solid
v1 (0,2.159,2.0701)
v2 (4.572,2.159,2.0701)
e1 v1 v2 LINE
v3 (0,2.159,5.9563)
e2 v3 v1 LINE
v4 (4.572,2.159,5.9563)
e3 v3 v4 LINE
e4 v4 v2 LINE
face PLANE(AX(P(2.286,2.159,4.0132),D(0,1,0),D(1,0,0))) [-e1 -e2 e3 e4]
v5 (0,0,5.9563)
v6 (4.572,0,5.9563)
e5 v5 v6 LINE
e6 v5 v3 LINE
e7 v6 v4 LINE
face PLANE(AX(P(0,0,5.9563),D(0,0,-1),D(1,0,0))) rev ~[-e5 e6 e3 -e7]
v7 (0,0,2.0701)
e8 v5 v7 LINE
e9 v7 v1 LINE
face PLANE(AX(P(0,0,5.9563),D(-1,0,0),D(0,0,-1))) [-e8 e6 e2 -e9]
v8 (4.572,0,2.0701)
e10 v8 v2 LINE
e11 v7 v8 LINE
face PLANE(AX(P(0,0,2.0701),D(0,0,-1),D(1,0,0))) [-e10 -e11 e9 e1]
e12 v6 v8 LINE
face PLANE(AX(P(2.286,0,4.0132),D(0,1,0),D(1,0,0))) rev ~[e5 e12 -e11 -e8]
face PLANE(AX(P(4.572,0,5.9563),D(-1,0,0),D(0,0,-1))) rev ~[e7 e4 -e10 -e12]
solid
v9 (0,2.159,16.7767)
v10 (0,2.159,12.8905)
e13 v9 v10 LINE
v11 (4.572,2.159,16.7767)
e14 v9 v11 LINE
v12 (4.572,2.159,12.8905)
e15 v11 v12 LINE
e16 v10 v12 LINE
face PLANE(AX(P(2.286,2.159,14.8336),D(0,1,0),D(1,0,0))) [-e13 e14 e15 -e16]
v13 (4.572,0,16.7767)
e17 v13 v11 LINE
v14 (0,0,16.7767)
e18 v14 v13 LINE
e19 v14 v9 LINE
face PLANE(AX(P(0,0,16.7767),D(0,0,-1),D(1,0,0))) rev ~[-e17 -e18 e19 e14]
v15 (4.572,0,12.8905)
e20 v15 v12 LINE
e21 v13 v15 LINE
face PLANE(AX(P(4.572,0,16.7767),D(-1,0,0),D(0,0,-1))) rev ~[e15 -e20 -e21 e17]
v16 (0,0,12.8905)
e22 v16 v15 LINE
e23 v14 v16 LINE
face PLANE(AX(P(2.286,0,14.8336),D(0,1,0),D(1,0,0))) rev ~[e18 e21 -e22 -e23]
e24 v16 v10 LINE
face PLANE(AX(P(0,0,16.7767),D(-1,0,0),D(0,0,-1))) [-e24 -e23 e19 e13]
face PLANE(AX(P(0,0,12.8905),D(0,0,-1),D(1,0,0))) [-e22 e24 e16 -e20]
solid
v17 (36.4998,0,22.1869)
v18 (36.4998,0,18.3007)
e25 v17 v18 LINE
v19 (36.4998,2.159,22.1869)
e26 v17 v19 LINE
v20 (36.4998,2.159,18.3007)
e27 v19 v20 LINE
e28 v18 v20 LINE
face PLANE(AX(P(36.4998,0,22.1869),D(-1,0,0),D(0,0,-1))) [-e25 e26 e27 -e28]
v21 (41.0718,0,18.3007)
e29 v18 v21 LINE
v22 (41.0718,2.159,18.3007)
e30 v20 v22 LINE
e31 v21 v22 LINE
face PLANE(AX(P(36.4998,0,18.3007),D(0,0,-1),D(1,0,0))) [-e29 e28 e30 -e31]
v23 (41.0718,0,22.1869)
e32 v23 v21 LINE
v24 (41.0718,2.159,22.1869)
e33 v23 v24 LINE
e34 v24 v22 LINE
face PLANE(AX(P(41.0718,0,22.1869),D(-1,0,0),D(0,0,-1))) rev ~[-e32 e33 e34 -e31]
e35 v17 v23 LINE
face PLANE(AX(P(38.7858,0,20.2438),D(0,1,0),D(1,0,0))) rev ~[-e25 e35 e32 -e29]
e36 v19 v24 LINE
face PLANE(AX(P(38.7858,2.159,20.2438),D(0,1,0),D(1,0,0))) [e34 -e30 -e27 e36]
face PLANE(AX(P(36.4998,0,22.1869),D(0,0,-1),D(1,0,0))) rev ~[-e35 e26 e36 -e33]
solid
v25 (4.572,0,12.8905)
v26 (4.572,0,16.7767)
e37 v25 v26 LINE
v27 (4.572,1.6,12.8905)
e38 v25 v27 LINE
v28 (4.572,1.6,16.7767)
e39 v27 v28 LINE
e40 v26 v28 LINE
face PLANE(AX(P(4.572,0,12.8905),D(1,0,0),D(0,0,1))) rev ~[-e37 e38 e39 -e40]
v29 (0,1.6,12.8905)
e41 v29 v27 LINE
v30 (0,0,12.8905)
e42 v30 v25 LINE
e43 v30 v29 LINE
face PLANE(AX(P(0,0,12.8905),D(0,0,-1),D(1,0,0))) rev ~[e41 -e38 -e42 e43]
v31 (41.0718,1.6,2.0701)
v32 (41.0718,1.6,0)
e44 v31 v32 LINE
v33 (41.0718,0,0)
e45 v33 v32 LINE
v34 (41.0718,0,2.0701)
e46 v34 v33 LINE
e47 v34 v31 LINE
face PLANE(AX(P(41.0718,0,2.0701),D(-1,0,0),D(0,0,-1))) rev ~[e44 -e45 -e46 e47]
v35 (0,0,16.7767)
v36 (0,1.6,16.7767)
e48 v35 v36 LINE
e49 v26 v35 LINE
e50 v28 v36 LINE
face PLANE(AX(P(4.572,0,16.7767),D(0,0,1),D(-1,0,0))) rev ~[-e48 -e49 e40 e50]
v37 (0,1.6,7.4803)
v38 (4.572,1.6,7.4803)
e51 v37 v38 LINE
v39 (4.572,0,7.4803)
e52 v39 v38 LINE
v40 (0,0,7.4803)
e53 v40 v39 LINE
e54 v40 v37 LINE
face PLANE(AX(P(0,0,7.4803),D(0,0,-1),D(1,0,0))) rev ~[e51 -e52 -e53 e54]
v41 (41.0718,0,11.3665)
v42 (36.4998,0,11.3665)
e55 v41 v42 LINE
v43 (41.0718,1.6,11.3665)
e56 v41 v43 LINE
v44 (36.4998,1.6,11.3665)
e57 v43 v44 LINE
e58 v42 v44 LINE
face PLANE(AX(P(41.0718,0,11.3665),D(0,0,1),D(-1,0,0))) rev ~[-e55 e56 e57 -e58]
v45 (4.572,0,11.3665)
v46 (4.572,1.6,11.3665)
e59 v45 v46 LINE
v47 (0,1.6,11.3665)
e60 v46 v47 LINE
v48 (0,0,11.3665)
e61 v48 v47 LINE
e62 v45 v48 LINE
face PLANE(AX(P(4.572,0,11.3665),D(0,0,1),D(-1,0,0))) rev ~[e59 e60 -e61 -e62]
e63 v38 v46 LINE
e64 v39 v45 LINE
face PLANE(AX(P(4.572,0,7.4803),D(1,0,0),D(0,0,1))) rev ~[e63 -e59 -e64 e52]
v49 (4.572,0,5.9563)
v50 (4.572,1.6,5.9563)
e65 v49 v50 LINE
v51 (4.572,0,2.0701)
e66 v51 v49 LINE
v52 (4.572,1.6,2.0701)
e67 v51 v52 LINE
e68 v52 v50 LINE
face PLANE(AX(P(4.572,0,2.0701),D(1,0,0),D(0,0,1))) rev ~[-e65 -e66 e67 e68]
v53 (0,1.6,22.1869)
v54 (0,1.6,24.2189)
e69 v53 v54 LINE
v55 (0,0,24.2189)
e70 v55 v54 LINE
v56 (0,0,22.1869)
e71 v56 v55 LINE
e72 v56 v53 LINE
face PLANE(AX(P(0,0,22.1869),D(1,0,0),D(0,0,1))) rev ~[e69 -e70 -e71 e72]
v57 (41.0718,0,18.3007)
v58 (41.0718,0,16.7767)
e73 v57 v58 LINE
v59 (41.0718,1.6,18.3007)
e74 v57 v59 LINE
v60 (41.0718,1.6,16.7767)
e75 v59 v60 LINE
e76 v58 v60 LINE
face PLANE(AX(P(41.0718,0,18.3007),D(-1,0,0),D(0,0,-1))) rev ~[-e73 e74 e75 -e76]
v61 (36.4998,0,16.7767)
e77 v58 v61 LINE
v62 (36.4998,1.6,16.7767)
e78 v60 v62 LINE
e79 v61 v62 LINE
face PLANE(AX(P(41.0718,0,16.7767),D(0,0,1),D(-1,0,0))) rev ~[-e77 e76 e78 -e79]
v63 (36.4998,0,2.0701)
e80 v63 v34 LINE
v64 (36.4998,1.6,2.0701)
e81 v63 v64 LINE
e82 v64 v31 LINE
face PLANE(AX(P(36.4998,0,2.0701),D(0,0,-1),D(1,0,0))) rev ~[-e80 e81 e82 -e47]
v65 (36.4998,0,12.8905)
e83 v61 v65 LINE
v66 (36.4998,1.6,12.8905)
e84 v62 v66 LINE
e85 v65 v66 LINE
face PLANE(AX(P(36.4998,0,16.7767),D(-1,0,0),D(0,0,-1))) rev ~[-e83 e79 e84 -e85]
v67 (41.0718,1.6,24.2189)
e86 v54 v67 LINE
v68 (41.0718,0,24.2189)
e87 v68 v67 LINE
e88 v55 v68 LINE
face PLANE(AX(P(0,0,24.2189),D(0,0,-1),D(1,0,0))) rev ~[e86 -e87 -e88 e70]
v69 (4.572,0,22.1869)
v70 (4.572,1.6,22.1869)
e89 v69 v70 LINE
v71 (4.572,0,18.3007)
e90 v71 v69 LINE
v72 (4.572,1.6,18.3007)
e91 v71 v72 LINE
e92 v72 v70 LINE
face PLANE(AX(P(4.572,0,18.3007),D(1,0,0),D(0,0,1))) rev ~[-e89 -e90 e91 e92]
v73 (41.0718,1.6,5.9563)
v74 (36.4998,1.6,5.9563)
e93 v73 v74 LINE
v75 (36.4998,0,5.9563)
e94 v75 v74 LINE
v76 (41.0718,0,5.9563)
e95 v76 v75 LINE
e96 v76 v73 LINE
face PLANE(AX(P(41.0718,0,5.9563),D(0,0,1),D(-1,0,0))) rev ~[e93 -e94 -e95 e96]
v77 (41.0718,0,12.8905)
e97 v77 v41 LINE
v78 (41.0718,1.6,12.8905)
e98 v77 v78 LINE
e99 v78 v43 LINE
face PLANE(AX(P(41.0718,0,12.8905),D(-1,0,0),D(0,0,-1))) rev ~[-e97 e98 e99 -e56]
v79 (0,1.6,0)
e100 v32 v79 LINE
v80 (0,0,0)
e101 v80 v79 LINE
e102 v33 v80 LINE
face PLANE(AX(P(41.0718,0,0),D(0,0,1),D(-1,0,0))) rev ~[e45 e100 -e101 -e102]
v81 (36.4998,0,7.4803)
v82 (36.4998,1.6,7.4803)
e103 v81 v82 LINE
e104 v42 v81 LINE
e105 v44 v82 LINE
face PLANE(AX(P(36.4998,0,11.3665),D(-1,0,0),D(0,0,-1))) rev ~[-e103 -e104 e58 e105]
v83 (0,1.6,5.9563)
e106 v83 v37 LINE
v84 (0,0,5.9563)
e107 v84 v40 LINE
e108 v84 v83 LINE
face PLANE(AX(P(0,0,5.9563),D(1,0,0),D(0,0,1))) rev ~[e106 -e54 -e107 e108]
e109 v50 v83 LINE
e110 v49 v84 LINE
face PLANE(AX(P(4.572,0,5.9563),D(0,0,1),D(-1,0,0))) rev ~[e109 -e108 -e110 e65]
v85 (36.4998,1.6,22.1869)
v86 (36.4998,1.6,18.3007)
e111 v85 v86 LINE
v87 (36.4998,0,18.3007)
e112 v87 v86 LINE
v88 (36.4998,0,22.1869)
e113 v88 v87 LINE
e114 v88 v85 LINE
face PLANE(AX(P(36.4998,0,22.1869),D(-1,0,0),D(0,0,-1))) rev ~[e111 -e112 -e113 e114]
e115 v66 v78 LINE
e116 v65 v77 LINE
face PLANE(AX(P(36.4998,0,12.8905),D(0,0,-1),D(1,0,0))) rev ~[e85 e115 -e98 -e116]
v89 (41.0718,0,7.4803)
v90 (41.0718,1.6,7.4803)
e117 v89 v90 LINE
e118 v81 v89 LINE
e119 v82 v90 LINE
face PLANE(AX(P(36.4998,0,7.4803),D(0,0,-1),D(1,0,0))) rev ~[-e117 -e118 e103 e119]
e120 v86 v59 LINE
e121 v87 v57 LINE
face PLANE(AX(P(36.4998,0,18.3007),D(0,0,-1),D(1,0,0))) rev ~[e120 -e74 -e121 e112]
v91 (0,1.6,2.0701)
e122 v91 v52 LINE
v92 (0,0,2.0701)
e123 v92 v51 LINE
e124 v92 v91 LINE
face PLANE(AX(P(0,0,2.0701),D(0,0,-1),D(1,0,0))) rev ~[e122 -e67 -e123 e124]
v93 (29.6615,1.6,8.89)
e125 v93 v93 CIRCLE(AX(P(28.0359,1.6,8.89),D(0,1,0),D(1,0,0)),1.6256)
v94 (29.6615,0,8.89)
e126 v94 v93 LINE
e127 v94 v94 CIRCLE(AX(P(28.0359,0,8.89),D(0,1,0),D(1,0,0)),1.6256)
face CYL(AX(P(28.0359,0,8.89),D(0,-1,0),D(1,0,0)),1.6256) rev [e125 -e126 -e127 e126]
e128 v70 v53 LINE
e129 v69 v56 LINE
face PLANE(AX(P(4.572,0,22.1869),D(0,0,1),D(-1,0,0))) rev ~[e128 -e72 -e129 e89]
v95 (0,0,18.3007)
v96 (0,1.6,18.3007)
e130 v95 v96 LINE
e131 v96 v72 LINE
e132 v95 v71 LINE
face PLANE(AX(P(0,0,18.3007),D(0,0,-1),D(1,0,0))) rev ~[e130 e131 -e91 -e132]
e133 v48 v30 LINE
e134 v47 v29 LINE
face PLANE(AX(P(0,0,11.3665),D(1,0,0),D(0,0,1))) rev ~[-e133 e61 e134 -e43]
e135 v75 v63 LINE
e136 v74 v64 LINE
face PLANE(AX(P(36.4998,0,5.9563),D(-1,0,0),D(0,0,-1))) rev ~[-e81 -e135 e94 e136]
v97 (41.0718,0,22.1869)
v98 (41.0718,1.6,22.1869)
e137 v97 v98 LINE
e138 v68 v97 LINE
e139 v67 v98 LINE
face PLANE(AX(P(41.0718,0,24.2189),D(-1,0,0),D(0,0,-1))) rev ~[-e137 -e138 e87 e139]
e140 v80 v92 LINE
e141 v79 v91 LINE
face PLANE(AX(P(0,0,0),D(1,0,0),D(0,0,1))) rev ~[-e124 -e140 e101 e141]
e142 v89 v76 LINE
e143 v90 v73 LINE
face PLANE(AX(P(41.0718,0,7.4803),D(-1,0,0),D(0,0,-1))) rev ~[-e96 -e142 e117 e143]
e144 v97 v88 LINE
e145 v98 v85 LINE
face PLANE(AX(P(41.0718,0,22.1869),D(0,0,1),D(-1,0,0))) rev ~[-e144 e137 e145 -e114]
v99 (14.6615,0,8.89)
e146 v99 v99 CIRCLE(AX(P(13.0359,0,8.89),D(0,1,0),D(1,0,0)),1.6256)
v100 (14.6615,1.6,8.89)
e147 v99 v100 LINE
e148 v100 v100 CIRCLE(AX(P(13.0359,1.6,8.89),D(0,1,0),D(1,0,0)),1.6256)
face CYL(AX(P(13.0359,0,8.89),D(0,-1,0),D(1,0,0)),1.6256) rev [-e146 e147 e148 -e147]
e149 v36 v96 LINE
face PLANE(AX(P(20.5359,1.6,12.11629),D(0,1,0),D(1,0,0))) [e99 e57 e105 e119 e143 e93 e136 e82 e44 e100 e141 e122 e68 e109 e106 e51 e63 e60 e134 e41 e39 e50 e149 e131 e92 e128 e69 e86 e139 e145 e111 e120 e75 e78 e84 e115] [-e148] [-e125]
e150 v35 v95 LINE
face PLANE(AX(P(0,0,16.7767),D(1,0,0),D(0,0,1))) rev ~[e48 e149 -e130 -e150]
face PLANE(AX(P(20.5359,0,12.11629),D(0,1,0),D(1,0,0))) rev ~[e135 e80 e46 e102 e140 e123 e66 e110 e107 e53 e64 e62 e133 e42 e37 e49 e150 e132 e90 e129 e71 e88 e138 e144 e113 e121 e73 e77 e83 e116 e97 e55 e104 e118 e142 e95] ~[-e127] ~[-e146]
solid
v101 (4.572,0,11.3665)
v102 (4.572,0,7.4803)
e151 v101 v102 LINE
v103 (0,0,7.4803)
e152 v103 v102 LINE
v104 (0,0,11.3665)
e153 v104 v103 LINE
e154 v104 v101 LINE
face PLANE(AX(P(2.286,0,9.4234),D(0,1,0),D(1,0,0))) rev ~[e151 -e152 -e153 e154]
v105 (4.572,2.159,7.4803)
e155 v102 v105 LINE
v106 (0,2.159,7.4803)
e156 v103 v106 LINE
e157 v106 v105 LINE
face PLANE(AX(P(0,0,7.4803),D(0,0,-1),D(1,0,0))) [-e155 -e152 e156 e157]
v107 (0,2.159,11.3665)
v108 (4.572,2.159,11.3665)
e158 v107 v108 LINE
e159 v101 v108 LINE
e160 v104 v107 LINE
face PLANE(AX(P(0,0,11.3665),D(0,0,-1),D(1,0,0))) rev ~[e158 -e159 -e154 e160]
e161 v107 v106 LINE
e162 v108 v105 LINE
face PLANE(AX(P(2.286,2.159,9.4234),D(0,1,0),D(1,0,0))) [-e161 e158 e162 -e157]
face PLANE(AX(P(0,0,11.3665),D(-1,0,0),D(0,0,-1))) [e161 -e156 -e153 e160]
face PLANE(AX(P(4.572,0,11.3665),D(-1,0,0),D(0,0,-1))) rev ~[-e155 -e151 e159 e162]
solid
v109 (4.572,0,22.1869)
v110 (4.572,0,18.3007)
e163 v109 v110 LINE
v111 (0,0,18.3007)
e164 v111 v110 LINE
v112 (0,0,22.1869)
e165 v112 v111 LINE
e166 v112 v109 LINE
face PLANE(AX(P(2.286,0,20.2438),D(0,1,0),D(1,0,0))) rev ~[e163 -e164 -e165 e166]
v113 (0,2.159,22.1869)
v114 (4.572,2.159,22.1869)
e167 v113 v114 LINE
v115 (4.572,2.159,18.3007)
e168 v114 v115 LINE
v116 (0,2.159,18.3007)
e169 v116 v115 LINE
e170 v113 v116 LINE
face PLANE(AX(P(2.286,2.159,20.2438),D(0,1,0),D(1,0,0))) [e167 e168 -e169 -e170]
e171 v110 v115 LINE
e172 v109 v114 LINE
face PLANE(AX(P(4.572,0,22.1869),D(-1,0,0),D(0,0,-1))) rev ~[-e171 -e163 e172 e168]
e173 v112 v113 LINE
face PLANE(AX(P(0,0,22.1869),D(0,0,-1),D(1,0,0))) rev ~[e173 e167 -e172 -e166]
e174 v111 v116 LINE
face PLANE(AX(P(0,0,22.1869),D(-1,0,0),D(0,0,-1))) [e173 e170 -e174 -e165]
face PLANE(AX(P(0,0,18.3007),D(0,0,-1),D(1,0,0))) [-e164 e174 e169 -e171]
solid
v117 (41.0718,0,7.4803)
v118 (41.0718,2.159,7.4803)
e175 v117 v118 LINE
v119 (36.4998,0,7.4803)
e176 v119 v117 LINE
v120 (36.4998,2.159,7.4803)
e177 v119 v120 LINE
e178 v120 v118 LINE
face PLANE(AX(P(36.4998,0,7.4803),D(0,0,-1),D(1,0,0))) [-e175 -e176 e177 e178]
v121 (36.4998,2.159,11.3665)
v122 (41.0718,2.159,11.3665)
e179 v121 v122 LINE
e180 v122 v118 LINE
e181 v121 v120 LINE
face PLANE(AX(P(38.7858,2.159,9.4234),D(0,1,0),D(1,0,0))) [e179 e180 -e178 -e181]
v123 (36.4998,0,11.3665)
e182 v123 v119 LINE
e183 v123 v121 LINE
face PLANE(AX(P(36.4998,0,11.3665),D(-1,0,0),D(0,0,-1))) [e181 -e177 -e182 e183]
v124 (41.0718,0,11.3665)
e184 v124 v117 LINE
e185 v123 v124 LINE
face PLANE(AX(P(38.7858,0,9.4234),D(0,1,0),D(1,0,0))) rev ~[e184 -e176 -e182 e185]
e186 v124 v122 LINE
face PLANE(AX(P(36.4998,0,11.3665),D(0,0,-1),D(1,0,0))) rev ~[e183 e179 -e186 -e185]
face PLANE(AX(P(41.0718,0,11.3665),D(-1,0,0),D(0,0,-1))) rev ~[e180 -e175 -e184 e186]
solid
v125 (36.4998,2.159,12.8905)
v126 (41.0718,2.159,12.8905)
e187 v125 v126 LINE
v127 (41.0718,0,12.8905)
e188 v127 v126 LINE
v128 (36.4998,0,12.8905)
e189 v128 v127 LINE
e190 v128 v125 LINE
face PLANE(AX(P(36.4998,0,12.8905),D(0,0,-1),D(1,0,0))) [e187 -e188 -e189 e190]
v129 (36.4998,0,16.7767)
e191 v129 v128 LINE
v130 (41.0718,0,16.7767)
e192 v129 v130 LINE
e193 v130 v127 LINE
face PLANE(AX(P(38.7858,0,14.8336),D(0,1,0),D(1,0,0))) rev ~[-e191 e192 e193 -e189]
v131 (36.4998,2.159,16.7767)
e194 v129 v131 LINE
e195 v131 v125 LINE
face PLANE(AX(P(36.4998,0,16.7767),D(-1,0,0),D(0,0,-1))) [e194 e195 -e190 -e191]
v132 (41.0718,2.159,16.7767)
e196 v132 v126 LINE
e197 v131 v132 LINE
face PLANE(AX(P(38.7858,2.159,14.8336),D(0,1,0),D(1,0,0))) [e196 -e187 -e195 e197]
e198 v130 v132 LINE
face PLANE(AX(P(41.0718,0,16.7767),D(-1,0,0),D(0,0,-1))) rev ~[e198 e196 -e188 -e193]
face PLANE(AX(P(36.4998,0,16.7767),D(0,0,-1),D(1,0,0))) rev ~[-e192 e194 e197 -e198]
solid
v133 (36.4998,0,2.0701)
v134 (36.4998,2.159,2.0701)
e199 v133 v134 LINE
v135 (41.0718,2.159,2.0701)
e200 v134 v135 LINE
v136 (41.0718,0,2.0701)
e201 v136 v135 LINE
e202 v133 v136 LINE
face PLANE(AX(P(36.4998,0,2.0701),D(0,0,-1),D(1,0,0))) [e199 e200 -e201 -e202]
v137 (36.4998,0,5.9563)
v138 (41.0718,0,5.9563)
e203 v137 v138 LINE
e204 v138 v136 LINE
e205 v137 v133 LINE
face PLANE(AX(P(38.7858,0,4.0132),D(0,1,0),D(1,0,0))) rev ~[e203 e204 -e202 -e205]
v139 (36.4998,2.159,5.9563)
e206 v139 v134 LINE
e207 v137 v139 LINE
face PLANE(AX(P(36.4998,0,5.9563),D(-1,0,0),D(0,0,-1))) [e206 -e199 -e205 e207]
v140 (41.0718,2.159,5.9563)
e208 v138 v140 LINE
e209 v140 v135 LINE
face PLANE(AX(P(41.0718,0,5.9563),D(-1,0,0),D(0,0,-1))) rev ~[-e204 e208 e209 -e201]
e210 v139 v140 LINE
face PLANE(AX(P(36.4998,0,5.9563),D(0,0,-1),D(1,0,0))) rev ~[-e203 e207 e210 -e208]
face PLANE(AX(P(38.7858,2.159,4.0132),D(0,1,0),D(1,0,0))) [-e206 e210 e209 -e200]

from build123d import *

# Parameters (mm, degrees)
SKETCH1_R             = 1.6256
BOSS_EXTRUDE1_DEPTH   = 1.6
SKETCH1_3_W           = 4.572
SKETCH1_3_H           = 3.8862
BOSS_EXTRUDE2_DEPTH   = 2.159
BOSS_EXTRUDE2_2_DEPTH = 2.159
BOSS_EXTRUDE2_3_DEPTH = 2.159
BOSS_EXTRUDE2_4_DEPTH = 2.159
BOSS_EXTRUDE2_5_DEPTH = 2.159
BOSS_EXTRUDE2_6_DEPTH = 2.159
BOSS_EXTRUDE2_7_DEPTH = 2.159
BOSS_EXTRUDE2_8_DEPTH = 2.159


with BuildPart() as part:
    # Sketch1 → Boss-Extrude1 (new body)
    with BuildSketch(Plane(origin=(0, 0, 0), x_dir=(1, 0, 0), z_dir=(0, 1, 0))):
        Polygon((41.0718, -18.3007), (41.0718, -16.7767), (36.4998, -16.7767), (36.4998, -12.8905), (41.0718, -12.8905), (41.0718, -11.3665), (36.4998, -11.3665), (36.4998, -7.4803), (41.0718, -7.4803), (41.0718, -5.9563), (36.4998, -5.9563), (36.4998, -2.0701), (41.0718, -2.0701), (41.0718, 0), (0, 0), (0, -2.0701), (4.572, -2.0701), (4.572, -5.9563), (0, -5.9563), (0, -7.4803), (4.572, -7.4803), (4.572, -11.3665), (0, -11.3665), (0, -12.8905), (4.572, -12.8905), (4.572, -16.7767), (0, -16.7767), (0, -18.3007), (4.572, -18.3007), (4.572, -22.1869), (0, -22.1869), (0, -24.2189), (41.0718, -24.2189), (41.0718, -22.1869), (36.4998, -22.1869), (36.4998, -18.3007), align=None)
        with Locations((13.0359, -8.89)):
            Circle(SKETCH1_R, mode=Mode.SUBTRACT)
        with Locations((28.0359, -8.89)):
            Circle(SKETCH1_R, mode=Mode.SUBTRACT)
    extrude(amount=BOSS_EXTRUDE1_DEPTH)


with BuildPart() as body_2:
    # Sketch1<3> → Boss-Extrude2 (new body)
    with BuildSketch(Plane(origin=(0, 0, 0), x_dir=(1, 0, 0), z_dir=(0, 1, 0))):
        with Locations((2.286, -4.0132)):
            Rectangle(SKETCH1_3_W, SKETCH1_3_H)
    extrude(amount=BOSS_EXTRUDE2_DEPTH)


with BuildPart() as body_3:
    # Sketch1<3> → Boss-Extrude2 2 (new body)
    with BuildSketch(Plane(origin=(0, 0, 0), x_dir=(1, 0, 0), z_dir=(0, 1, 0))):
        with Locations((2.286, -9.4234)):
            Rectangle(SKETCH1_3_W, SKETCH1_3_H)
    extrude(amount=BOSS_EXTRUDE2_2_DEPTH)


with BuildPart() as body_4:
    # Sketch1<3> → Boss-Extrude2 3 (new body)
    with BuildSketch(Plane(origin=(0, 0, 0), x_dir=(1, 0, 0), z_dir=(0, 1, 0))):
        with Locations((2.286, -14.8336)):
            Rectangle(SKETCH1_3_W, SKETCH1_3_H)
    extrude(amount=BOSS_EXTRUDE2_3_DEPTH)


with BuildPart() as body_5:
    # Sketch1<3> → Boss-Extrude2 4 (new body)
    with BuildSketch(Plane(origin=(0, 0, 0), x_dir=(1, 0, 0), z_dir=(0, 1, 0))):
        with Locations((2.286, -20.2438)):
            Rectangle(SKETCH1_3_W, SKETCH1_3_H)
    extrude(amount=BOSS_EXTRUDE2_4_DEPTH)


with BuildPart() as body_6:
    # Sketch1<3> → Boss-Extrude2 5 (new body)
    with BuildSketch(Plane(origin=(0, 0, 0), x_dir=(1, 0, 0), z_dir=(0, 1, 0))):
        with Locations((38.7858, -20.2438)):
            Rectangle(SKETCH1_3_W, SKETCH1_3_H)
    extrude(amount=BOSS_EXTRUDE2_5_DEPTH)


with BuildPart() as body_7:
    # Sketch1<3> → Boss-Extrude2 6 (new body)
    with BuildSketch(Plane(origin=(0, 0, 0), x_dir=(1, 0, 0), z_dir=(0, 1, 0))):
        with Locations((38.7858, -14.8336)):
            Rectangle(SKETCH1_3_W, SKETCH1_3_H)
    extrude(amount=BOSS_EXTRUDE2_6_DEPTH)


with BuildPart() as body_8:
    # Sketch1<3> → Boss-Extrude2 7 (new body)
    with BuildSketch(Plane(origin=(0, 0, 0), x_dir=(1, 0, 0), z_dir=(0, 1, 0))):
        with Locations((38.7858, -9.4234)):
            Rectangle(SKETCH1_3_W, SKETCH1_3_H)
    extrude(amount=BOSS_EXTRUDE2_7_DEPTH)


with BuildPart() as body_9:
    # Sketch1<3> → Boss-Extrude2 8 (new body)
    with BuildSketch(Plane(origin=(0, 0, 0), x_dir=(1, 0, 0), z_dir=(0, 1, 0))):
        with Locations((38.7858, -4.0132)):
            Rectangle(SKETCH1_3_W, SKETCH1_3_H)
    extrude(amount=BOSS_EXTRUDE2_8_DEPTH)


solid = Compound([part.part, body_2.part, body_3.part, body_4.part, body_5.part, body_6.part, body_7.part, body_8.part, body_9.part])
